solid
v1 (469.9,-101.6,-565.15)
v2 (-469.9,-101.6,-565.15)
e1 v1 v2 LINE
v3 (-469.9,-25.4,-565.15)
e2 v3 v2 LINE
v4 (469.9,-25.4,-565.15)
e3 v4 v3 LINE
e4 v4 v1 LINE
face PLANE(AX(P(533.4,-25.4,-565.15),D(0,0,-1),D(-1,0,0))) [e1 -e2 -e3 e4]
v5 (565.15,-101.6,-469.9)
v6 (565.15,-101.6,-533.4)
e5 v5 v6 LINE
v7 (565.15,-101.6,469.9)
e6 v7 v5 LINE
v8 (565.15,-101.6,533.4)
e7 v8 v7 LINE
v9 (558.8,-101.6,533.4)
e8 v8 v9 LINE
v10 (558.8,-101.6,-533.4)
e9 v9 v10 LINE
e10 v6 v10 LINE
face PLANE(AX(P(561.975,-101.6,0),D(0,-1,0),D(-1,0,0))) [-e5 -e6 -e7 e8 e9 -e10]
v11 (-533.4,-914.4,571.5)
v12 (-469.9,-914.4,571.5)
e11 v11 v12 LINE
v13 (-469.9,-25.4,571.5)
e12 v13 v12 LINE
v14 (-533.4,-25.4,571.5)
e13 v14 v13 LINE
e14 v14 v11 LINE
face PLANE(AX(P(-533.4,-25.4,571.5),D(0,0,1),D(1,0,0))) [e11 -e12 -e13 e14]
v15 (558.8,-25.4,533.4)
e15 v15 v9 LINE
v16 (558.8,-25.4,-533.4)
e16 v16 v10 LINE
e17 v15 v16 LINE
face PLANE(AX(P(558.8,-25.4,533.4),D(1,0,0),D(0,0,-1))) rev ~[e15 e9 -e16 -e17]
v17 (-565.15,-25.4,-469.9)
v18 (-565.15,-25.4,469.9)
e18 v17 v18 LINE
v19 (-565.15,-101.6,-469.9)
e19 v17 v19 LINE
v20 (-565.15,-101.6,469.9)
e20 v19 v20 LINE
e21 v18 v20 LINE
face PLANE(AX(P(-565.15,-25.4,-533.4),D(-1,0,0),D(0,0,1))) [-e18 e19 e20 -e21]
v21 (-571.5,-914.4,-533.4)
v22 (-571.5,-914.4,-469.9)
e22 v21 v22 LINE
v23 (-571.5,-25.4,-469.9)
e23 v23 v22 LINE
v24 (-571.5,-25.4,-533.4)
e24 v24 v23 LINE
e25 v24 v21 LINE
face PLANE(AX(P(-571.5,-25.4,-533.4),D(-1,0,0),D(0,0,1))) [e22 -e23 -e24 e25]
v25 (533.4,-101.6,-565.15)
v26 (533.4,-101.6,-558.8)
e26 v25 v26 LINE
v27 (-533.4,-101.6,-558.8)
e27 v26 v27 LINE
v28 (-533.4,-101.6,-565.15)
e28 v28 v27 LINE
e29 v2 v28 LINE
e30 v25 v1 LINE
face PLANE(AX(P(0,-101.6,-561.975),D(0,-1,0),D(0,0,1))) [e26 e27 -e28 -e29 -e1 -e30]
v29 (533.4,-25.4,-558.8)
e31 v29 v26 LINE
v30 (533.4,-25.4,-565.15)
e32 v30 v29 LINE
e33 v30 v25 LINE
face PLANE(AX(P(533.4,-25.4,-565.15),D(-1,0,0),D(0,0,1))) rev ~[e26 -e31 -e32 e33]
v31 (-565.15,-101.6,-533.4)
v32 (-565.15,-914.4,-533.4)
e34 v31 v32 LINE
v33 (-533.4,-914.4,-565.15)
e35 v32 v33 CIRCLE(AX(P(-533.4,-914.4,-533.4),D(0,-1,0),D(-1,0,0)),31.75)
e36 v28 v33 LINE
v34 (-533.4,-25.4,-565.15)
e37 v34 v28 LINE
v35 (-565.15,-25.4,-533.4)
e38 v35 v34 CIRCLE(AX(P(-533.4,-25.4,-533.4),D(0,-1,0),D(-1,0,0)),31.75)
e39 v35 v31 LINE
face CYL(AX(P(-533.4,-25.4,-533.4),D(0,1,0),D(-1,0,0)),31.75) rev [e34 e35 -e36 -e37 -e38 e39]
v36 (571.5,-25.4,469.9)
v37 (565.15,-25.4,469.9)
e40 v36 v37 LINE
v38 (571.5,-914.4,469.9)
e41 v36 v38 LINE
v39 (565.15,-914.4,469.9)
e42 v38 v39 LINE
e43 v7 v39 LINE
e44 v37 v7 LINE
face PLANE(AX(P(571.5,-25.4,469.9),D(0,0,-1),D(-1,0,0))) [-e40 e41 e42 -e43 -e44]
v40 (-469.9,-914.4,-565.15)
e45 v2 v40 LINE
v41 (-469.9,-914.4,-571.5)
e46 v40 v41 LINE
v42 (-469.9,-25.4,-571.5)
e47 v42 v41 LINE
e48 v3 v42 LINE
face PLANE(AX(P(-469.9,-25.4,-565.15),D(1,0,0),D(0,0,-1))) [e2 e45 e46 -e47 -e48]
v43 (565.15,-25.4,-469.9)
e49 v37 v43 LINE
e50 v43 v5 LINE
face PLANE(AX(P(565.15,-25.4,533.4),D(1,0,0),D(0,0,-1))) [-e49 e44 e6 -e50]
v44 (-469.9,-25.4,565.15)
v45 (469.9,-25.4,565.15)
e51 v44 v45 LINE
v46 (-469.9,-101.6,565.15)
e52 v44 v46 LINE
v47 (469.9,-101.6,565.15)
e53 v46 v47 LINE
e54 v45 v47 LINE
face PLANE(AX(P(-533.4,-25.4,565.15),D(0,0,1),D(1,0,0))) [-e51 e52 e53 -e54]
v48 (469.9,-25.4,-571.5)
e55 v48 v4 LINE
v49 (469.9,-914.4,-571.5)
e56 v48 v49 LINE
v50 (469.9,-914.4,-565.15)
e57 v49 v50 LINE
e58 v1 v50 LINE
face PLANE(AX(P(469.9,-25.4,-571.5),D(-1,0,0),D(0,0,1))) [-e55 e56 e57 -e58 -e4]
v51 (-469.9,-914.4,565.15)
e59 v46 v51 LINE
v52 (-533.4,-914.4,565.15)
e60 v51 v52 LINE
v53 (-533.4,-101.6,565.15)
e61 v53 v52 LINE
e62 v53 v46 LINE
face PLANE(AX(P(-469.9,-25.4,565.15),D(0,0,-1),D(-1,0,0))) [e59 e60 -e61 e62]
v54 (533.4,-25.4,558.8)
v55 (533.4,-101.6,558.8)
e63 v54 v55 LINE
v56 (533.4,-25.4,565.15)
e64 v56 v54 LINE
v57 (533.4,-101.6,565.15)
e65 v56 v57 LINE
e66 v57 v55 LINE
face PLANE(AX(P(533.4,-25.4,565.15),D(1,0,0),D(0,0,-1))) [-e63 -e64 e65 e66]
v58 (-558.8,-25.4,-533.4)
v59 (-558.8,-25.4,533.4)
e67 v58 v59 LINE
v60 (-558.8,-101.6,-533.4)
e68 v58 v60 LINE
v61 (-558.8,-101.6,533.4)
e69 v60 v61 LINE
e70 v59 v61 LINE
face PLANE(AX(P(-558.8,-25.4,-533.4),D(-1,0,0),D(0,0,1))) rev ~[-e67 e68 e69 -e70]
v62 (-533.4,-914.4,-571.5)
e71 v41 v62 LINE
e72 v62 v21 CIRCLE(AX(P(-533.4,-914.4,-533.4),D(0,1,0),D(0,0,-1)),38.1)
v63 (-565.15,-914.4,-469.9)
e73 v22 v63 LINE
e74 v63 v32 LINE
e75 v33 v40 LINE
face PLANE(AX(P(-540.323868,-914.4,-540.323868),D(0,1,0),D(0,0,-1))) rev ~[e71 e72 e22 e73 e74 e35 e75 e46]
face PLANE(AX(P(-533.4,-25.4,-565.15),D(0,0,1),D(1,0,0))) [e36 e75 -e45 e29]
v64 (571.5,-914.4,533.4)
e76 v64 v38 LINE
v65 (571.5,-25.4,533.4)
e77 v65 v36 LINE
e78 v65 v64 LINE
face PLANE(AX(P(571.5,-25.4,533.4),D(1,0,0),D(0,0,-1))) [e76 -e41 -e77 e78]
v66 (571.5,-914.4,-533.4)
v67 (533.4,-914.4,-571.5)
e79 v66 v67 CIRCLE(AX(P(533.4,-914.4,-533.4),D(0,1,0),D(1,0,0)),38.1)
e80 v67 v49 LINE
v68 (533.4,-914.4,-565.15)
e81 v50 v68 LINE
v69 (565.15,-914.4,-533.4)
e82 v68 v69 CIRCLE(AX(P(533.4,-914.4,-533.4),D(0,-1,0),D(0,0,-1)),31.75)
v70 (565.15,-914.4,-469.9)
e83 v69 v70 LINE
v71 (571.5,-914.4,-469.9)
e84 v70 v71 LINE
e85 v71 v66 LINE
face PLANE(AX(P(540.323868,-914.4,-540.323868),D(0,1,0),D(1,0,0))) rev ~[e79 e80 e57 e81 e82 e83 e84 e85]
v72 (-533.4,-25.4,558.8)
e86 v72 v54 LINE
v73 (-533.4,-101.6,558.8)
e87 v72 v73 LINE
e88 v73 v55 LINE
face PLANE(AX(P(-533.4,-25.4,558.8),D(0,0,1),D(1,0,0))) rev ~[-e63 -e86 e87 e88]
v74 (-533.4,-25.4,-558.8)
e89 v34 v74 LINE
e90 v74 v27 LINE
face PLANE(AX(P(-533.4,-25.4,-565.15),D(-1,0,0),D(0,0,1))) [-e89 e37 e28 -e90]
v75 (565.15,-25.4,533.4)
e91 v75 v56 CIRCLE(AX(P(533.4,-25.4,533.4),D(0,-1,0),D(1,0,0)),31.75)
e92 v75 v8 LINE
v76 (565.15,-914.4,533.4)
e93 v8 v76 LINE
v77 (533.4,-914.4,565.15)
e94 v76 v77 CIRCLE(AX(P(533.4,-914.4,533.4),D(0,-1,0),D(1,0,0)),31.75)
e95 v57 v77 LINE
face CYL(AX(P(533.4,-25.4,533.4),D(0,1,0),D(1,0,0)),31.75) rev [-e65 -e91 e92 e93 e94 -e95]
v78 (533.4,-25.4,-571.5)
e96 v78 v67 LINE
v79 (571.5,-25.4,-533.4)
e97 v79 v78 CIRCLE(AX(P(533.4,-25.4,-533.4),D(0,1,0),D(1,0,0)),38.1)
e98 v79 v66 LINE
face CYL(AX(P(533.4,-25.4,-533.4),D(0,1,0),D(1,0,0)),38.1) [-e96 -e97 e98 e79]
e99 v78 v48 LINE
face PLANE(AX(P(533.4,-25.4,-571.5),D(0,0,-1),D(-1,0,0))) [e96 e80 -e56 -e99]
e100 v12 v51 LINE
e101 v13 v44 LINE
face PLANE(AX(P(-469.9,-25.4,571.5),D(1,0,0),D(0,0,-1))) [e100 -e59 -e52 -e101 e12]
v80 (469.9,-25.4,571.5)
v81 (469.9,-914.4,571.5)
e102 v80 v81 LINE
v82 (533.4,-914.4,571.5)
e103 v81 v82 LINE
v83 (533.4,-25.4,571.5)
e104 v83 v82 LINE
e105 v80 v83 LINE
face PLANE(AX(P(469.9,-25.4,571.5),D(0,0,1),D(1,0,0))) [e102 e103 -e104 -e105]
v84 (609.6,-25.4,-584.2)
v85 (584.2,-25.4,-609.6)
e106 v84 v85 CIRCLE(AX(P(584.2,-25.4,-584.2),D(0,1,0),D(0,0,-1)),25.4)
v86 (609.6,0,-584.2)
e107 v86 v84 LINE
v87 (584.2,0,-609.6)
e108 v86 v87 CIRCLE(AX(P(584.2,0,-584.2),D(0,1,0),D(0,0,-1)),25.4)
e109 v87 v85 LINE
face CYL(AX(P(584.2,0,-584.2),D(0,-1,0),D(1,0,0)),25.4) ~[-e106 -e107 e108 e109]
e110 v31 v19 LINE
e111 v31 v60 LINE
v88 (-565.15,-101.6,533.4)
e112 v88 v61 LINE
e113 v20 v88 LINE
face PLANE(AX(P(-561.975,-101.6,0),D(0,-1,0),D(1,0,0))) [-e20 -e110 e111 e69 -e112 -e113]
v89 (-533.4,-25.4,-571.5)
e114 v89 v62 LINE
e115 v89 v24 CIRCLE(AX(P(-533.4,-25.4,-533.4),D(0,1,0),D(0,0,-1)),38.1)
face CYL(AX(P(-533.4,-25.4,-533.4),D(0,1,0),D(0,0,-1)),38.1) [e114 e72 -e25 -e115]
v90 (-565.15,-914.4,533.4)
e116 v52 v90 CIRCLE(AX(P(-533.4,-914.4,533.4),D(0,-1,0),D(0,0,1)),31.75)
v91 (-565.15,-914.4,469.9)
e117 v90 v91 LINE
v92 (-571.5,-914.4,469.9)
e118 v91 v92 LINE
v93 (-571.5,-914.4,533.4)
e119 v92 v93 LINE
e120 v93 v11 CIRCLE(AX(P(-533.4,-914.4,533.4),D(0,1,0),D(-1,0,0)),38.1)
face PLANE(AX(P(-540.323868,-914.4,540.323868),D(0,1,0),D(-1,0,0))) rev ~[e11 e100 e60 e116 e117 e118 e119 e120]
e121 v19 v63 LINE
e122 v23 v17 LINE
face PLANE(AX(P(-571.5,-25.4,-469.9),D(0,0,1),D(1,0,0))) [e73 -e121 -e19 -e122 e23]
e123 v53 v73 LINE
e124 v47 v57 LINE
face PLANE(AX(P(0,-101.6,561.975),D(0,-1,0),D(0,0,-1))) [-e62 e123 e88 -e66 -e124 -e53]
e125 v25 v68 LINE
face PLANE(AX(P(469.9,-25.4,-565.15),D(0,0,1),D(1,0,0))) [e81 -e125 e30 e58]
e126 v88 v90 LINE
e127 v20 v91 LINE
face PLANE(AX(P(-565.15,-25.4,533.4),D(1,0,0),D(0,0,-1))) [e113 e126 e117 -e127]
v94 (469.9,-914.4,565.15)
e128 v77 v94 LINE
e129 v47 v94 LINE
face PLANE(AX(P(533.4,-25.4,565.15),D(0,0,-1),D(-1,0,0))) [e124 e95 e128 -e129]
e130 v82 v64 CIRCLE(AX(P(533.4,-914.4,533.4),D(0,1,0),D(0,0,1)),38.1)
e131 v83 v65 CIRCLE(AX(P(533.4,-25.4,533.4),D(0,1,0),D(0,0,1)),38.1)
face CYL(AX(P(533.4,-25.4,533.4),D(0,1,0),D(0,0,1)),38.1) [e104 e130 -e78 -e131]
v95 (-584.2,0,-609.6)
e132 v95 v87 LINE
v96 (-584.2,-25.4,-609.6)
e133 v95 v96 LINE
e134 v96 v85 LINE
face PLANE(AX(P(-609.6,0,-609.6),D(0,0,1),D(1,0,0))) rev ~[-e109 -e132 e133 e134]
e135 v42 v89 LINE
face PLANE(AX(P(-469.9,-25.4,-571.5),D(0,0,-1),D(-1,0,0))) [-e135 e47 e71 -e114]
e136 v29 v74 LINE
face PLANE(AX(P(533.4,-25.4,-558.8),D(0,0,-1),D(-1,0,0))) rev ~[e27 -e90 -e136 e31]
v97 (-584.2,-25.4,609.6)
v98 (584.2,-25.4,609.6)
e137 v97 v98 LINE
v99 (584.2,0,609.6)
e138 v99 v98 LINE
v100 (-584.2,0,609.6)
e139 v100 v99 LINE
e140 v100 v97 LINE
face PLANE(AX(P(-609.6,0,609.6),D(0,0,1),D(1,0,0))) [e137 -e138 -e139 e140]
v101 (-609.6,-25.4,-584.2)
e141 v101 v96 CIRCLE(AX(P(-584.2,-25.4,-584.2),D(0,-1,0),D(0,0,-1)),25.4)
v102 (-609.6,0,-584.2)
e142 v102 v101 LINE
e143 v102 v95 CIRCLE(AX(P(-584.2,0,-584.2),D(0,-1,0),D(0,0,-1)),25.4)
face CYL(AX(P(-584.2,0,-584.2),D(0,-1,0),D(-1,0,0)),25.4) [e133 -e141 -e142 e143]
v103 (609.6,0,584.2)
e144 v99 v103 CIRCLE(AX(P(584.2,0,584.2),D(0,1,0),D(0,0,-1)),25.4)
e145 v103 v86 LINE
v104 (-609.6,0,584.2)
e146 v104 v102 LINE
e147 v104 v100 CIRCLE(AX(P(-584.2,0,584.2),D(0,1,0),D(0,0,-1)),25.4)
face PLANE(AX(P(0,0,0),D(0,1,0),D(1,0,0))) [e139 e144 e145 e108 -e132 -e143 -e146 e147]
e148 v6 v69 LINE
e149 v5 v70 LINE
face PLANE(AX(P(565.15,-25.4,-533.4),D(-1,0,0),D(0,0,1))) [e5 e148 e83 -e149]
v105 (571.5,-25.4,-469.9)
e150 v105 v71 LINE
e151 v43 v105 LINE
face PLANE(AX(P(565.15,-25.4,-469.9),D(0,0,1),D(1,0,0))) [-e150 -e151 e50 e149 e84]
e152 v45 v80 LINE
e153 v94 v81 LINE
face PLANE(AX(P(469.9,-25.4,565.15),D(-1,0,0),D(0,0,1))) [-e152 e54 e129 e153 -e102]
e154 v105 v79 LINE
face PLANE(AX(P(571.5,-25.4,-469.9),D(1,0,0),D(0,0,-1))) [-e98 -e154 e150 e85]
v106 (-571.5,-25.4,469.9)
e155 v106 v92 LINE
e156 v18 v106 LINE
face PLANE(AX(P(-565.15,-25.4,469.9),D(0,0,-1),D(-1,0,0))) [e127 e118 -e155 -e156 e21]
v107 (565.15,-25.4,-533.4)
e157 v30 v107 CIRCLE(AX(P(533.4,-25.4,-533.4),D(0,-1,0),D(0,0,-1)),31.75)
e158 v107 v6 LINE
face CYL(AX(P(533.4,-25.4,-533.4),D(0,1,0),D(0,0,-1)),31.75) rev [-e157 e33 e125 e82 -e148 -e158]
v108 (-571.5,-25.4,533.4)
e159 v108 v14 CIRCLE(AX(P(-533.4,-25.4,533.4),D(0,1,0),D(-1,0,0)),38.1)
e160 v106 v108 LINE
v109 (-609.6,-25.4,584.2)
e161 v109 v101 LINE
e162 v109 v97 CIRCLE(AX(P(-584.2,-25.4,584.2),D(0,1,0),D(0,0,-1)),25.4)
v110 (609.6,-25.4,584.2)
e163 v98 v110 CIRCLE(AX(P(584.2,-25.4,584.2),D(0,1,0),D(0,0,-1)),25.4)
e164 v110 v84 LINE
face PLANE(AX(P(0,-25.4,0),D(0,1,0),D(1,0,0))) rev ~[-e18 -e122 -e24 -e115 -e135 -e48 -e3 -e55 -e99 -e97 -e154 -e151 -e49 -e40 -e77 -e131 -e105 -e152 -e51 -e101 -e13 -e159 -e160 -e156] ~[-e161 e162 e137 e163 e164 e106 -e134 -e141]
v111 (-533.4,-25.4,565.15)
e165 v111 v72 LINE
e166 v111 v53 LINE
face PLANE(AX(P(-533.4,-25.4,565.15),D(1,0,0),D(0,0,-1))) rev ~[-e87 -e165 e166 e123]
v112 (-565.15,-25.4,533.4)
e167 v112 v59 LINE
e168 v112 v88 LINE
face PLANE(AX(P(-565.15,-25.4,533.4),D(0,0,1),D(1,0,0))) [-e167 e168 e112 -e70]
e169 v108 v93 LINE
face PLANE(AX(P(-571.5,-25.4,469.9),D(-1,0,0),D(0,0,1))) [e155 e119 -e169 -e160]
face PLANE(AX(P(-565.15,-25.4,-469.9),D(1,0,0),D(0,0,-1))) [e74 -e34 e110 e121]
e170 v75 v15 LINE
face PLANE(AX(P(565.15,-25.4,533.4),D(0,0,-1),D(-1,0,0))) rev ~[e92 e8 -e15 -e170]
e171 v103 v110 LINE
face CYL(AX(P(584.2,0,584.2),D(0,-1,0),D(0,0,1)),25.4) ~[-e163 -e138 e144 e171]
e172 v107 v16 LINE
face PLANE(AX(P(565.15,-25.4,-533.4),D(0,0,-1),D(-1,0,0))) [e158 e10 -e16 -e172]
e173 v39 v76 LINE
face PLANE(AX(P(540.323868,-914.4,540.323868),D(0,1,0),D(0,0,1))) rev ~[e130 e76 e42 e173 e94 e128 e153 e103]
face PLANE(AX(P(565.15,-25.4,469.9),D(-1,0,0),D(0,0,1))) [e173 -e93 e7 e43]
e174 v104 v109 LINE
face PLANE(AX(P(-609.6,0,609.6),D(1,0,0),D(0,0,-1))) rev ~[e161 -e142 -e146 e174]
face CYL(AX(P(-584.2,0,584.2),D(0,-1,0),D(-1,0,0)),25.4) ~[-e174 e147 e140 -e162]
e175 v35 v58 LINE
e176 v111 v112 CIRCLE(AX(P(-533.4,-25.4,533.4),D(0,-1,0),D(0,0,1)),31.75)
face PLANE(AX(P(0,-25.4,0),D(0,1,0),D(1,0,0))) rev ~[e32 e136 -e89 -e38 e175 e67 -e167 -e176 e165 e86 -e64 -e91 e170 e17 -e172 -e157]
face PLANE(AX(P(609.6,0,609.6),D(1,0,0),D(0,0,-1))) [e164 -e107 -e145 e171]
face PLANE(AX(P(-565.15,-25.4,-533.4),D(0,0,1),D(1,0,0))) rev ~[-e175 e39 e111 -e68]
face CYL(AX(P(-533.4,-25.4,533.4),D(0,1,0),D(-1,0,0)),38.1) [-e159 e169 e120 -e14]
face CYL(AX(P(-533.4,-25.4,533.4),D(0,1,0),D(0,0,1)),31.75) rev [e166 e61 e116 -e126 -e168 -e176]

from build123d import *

# Parameters (mm, degrees)
SKETCH1_W         = 1219.2
SKETCH1_H         = 1219.2
EXTRUDE1_DEPTH    = 25.4
FILLET1_R         = 25.4
EXTRUDE2_DEPTH    = 889
SKETCH3_W         = 6.35
SKETCH3_H         = 1066.8
EXTRUDE3_DEPTH    = 76.2
CIRPATTERN1_COUNT = 4


with BuildPart() as part:
    # Sketch1 → Extrude1 (new body)
    with BuildSketch(Plane(origin=(0, 0, 0), x_dir=(1, 0, 0), z_dir=(0, 1, 0))):
        Rectangle(SKETCH1_W, SKETCH1_H)
    extrude(amount=-EXTRUDE1_DEPTH)

    # Fillet1
    fillet1_edges = [part.edges().sort_by_distance(p)[0] for p in [
        (-609.6, -12.7, 609.6),
        (609.6, -12.7, -609.6),
        (-609.6, -12.7, -609.6),
        (609.6, -12.7, 609.6),
    ]]
    fillet(fillet1_edges, radius=FILLET1_R)

    # Sketch2 → Extrude2 (add)
    with BuildSketch(Plane.XZ.offset(25.4)):
        with BuildLine():
            Line((-469.9, 571.5), (-469.9, 565.15))
            Line((-469.9, 565.15), (-533.4, 565.15))
            ThreePointArc((-533.4, 565.15), (-555.850640303, 555.850640303), (-565.15, 533.4))
            Line((-565.15, 533.4), (-565.15, 469.9))
            Line((-565.15, 469.9), (-571.5, 469.9))
            Line((-571.5, 469.9), (-571.5, 533.4))
            ThreePointArc((-571.5, 533.4), (-560.340768363, 560.340768363), (-533.4, 571.5))
            Line((-533.4, 571.5), (-469.9, 571.5))
        make_face()
    extrude2 = extrude(amount=EXTRUDE2_DEPTH)

    # Sketch3 → Extrude3 (add)
    with BuildSketch(Plane.XZ.offset(25.4)):
        with Locations((-561.975, 0)):
            Rectangle(SKETCH3_W, SKETCH3_H)
    extrude3 = extrude(amount=EXTRUDE3_DEPTH)

    # CirPattern1: Extrude2, Extrude3 ×4 about axis
    cirpattern1_axis = Axis((0, 0, 0), (0, -1, 0))
    add([extrude2.rotate(cirpattern1_axis, i * 360 / CIRPATTERN1_COUNT) for i in range(1, CIRPATTERN1_COUNT)])
    add([extrude3.rotate(cirpattern1_axis, i * 360 / CIRPATTERN1_COUNT) for i in range(1, CIRPATTERN1_COUNT)])


solid = part.part
